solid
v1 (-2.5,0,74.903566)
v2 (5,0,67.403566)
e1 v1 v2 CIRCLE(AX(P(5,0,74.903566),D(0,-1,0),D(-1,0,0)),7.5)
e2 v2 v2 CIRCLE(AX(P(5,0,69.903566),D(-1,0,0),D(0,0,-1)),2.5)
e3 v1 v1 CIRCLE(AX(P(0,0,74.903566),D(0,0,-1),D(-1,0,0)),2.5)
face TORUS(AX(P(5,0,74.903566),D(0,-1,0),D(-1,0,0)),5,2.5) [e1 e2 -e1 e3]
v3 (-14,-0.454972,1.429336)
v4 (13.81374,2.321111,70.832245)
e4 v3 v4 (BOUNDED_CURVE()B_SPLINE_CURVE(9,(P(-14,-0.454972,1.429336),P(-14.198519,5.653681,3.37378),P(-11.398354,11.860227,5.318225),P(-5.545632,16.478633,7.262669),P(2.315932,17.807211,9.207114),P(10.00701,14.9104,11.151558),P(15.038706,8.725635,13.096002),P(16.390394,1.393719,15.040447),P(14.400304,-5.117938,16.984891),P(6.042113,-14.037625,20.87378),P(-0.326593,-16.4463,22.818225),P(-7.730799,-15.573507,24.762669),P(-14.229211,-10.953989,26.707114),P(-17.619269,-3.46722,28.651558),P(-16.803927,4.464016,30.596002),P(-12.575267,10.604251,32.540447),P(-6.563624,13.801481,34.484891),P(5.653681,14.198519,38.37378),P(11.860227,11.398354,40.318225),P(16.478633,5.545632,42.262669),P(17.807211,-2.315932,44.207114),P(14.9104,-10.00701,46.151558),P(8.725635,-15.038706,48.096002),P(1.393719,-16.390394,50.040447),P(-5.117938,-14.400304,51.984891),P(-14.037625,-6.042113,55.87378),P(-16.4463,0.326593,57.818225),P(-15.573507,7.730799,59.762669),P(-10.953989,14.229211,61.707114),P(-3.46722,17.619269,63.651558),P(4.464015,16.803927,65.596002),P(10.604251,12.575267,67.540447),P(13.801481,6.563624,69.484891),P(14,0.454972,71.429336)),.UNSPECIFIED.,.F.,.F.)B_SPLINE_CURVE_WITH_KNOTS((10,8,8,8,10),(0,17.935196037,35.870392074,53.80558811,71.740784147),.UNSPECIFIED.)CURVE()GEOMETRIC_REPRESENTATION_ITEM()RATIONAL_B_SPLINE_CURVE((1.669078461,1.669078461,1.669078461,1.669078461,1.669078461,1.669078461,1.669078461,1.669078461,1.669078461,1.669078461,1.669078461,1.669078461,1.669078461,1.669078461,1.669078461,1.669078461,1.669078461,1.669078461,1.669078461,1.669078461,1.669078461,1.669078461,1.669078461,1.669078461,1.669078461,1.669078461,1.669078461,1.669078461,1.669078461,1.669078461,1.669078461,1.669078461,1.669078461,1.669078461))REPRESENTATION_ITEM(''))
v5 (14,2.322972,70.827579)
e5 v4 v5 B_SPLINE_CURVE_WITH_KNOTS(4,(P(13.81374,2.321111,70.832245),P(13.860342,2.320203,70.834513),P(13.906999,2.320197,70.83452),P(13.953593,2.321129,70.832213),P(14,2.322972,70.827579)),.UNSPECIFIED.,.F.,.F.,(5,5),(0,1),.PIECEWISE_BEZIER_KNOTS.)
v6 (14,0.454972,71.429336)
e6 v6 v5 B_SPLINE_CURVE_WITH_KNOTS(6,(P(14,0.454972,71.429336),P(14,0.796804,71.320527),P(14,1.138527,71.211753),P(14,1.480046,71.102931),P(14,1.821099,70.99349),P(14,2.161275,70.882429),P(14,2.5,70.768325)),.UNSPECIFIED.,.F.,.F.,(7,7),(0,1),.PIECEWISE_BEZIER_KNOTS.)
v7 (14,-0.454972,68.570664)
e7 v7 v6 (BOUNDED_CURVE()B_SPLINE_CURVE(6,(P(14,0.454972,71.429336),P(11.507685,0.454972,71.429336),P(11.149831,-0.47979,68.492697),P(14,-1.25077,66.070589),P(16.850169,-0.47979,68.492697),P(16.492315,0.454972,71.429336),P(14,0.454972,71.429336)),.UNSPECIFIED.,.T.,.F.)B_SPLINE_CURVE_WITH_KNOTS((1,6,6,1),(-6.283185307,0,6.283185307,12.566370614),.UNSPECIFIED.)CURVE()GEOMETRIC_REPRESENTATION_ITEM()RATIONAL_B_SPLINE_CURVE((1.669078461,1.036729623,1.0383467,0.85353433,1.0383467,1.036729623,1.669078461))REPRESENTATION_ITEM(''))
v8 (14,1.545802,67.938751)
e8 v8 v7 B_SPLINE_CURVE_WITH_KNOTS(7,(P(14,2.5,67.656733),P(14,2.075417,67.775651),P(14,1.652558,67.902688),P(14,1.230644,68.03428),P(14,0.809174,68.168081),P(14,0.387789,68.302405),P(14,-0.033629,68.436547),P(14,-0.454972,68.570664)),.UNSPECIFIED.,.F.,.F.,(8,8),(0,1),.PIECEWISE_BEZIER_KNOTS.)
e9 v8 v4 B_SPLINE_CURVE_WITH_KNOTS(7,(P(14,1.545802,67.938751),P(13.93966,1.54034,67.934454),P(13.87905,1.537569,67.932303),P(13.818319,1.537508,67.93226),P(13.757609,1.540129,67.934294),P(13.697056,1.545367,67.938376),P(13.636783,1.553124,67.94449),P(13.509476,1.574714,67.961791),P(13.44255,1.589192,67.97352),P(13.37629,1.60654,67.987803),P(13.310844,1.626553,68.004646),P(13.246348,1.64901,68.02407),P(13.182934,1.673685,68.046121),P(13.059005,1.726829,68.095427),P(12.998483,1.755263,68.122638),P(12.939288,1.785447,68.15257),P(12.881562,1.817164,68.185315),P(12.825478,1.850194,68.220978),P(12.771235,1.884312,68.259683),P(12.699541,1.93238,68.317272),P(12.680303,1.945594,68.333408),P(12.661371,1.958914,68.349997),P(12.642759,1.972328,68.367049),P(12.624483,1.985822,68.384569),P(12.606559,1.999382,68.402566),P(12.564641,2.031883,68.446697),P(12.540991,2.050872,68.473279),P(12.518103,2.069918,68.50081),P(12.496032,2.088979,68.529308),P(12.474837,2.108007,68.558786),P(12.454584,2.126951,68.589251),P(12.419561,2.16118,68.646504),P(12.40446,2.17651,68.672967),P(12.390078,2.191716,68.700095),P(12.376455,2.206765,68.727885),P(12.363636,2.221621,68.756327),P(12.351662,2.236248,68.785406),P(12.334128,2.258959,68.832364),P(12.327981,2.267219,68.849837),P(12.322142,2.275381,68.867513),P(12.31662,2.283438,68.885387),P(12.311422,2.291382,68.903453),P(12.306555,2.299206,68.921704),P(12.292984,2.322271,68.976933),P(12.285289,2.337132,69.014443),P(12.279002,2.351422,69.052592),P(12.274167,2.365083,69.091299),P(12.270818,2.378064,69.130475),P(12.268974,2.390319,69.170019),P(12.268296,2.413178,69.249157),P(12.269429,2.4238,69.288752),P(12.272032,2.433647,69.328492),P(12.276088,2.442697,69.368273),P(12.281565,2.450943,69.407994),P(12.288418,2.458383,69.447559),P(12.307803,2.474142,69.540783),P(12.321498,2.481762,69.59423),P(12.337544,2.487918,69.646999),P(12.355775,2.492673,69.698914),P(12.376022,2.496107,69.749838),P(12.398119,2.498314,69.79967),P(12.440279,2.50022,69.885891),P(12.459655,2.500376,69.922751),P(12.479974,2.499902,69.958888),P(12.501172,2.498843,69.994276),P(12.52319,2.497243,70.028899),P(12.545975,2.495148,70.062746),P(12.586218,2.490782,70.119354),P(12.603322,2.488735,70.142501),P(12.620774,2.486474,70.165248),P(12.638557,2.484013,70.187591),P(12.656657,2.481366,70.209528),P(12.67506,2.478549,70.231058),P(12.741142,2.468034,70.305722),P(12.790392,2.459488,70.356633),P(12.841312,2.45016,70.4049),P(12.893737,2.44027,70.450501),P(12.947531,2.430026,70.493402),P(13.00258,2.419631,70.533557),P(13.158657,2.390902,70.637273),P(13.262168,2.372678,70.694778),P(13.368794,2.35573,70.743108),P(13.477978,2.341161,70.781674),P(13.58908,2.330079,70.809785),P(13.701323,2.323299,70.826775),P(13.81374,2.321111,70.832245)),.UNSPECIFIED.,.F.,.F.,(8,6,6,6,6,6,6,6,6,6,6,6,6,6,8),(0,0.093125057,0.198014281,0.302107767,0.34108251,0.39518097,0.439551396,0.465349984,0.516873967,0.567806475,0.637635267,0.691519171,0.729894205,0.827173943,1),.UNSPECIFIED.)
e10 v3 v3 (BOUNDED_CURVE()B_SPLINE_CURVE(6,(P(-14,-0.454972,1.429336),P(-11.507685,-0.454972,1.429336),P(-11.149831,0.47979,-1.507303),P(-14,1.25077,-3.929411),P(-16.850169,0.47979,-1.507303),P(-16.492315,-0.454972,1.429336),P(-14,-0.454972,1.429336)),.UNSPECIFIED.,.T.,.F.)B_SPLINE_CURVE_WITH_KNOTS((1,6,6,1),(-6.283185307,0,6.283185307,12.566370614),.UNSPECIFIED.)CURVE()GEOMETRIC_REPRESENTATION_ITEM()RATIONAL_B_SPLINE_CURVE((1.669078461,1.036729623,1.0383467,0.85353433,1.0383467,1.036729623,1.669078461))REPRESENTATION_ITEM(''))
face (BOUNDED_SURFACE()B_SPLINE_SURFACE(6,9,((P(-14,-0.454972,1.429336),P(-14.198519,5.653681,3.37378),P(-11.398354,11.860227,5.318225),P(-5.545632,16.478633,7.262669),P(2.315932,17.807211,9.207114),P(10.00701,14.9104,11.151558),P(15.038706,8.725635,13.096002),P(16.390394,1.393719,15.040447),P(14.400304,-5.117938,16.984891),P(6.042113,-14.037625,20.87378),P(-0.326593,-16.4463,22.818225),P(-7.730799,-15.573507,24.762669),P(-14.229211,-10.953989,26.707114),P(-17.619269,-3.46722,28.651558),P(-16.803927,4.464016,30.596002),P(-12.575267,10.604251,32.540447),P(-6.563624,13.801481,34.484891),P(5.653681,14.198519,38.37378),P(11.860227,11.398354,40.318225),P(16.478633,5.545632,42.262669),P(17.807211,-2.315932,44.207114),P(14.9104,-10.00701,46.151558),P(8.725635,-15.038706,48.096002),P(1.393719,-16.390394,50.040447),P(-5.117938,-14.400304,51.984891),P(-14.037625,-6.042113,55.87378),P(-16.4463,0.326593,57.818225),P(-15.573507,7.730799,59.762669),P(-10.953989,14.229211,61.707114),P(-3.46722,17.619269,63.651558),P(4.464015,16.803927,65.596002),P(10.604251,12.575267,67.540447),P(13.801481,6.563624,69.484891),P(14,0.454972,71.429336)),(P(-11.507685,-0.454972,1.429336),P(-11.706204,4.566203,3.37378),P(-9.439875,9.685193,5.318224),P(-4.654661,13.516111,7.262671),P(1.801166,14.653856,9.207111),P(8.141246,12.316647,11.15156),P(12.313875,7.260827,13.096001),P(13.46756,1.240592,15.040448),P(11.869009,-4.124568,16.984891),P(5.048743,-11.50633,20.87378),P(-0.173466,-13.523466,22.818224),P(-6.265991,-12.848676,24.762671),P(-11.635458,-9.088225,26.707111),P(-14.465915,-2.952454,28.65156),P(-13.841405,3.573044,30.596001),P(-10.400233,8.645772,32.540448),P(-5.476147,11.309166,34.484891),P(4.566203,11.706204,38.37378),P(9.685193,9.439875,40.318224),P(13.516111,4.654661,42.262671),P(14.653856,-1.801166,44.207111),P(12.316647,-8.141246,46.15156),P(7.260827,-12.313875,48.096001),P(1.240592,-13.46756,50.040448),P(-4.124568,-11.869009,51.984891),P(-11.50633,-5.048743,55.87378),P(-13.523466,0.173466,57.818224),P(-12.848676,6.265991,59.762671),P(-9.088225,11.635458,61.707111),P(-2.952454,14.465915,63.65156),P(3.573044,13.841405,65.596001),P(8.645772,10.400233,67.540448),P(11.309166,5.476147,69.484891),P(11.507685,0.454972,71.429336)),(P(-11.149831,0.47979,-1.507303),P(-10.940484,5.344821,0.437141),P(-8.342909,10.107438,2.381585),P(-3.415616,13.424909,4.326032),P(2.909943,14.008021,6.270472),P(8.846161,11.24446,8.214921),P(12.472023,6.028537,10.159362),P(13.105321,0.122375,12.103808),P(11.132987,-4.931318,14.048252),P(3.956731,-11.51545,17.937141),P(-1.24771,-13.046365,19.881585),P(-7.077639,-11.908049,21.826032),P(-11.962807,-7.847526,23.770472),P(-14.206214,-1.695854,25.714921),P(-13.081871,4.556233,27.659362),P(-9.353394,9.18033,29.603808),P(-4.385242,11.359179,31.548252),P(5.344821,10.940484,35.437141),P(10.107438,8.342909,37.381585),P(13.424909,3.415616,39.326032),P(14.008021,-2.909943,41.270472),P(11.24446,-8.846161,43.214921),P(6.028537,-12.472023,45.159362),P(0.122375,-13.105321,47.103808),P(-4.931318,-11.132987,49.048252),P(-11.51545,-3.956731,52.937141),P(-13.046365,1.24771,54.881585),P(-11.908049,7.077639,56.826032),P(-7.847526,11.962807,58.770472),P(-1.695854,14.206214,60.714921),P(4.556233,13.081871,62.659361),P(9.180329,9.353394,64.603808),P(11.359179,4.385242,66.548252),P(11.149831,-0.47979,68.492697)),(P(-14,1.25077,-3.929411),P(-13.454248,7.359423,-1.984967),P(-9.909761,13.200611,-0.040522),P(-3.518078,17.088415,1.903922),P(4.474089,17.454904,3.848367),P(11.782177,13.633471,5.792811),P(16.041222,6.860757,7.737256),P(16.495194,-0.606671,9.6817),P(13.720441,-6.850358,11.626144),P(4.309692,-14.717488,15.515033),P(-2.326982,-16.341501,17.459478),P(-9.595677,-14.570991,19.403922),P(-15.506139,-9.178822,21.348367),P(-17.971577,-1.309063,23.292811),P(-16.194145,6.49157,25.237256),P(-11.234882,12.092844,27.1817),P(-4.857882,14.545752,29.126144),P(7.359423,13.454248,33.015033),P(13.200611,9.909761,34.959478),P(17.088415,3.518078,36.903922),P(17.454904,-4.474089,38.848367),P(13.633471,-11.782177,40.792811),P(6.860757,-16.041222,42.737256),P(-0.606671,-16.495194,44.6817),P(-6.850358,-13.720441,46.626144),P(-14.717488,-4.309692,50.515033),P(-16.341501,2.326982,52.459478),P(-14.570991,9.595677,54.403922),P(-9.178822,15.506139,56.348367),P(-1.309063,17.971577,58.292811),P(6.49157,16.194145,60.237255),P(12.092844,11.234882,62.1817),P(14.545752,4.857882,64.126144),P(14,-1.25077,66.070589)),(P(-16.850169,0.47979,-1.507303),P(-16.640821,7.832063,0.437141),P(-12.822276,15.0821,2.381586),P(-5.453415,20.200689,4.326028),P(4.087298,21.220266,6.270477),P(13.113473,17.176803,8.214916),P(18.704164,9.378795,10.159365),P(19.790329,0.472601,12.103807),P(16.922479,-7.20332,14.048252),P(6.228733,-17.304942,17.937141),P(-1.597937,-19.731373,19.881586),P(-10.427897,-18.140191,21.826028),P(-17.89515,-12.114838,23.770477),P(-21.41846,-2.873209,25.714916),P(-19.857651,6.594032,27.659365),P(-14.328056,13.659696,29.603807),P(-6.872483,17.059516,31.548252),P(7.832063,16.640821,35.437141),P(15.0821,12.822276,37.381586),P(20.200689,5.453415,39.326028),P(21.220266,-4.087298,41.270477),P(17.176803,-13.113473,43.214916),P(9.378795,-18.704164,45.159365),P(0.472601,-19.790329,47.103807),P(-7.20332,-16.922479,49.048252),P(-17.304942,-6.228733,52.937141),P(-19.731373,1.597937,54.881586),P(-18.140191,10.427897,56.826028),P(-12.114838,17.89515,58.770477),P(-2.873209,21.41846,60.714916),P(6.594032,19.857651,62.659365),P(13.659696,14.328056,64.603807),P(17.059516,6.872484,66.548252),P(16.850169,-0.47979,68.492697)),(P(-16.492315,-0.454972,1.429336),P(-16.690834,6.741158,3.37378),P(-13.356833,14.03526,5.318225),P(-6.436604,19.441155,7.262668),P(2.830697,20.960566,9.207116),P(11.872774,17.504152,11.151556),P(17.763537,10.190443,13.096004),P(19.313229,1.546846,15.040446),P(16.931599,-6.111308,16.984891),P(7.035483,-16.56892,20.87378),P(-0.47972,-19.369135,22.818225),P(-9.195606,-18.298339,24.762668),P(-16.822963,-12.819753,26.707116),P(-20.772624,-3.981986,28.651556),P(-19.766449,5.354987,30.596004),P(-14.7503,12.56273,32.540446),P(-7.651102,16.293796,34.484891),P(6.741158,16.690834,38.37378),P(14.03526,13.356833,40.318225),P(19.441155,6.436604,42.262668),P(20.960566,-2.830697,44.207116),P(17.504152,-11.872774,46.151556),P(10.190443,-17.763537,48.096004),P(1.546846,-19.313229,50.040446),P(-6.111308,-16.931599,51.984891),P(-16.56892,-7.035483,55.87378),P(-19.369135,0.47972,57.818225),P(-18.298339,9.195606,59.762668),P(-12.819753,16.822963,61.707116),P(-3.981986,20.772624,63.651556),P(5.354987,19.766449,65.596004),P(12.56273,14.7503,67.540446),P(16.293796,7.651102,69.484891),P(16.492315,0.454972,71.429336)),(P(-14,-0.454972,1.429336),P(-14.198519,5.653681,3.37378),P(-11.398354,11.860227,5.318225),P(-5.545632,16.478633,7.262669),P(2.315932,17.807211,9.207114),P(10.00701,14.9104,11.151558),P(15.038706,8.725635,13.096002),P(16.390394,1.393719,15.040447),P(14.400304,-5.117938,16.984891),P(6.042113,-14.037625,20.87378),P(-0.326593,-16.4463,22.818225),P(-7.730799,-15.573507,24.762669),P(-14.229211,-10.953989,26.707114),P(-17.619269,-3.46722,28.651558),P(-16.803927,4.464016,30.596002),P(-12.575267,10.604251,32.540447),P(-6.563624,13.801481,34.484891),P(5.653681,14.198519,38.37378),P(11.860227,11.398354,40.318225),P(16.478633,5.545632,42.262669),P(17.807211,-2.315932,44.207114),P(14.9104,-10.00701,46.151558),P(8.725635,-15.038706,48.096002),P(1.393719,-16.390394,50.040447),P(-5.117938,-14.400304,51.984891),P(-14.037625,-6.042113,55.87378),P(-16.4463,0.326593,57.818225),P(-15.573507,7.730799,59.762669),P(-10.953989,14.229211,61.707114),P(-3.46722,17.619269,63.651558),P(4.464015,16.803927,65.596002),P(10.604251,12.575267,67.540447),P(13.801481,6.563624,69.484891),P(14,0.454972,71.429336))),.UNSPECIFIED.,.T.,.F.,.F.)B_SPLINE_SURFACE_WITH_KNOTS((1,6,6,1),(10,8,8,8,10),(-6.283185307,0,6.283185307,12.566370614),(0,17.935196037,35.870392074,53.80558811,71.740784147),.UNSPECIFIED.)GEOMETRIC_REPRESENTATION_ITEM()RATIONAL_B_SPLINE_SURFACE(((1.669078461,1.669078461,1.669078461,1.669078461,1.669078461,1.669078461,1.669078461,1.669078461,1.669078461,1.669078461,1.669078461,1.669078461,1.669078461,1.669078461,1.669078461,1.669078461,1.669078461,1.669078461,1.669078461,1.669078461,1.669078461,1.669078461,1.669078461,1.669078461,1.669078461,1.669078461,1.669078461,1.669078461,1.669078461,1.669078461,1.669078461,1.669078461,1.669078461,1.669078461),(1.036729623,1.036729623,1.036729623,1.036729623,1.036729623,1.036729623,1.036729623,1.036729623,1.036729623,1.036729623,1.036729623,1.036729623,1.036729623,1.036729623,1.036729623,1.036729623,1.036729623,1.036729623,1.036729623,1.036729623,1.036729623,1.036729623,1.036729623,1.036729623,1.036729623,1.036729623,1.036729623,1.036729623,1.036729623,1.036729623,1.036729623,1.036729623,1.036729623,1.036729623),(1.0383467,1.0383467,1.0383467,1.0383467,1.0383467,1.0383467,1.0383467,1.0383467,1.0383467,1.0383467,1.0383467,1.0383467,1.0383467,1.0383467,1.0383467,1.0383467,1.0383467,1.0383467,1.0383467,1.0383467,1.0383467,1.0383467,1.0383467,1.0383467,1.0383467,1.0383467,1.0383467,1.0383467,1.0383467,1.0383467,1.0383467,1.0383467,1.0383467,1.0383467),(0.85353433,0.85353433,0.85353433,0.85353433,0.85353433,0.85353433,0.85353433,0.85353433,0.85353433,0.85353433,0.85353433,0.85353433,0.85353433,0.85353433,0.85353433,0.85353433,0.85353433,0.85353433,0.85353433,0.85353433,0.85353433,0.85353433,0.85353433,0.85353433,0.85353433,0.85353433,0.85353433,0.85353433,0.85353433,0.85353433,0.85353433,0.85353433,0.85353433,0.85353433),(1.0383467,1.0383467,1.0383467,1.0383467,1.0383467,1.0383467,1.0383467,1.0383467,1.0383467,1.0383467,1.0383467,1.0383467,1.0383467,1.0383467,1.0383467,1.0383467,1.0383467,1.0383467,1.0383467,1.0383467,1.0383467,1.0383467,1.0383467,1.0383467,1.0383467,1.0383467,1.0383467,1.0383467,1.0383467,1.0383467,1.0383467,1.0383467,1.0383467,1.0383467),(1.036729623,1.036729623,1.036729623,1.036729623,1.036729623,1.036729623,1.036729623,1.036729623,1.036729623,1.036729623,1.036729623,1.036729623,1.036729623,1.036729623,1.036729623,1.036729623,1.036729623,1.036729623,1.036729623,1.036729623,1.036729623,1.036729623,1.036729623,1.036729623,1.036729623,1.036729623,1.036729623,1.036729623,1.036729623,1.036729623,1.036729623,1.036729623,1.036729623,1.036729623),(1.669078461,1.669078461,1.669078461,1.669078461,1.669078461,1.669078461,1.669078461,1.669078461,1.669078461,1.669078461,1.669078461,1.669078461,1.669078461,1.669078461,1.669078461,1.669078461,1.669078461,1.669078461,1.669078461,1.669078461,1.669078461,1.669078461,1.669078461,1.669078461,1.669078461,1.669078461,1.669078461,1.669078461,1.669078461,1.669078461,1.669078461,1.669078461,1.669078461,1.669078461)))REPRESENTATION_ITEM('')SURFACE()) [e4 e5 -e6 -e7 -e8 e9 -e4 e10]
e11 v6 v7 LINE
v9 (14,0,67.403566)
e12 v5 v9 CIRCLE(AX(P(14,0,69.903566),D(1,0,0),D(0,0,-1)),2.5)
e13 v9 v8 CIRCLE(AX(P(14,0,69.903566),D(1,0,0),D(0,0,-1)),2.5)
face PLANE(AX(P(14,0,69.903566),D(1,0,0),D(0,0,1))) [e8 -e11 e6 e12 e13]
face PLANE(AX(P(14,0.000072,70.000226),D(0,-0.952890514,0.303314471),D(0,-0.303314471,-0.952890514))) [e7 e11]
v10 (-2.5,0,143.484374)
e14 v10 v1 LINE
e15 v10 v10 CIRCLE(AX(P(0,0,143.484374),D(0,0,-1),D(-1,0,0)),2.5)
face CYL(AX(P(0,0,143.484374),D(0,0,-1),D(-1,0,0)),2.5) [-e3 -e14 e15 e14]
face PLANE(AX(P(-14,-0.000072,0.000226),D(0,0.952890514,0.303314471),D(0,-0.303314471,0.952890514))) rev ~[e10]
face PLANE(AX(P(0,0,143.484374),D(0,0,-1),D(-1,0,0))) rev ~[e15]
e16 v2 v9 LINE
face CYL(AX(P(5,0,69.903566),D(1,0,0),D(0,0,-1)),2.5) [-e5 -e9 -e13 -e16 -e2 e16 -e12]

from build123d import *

# Parameters (mm, degrees)
SWEEP2_PROFILE_R   = 2.5
SWEEP3_PITCH       = 28
SWEEP3_HEIGHT      = 70
SWEEP3_RADIUS      = 14
SWEEP3_START_ANGLE = -180
SWEEP3_PROFILE_R   = 1.5


with BuildPart() as part:
    # Sweep2: sweep along a path in Sketch4
    with BuildLine(Plane(origin=(0, 0, 0), x_dir=(1, 0, 0), z_dir=(0, 1, 0))) as sweep2_path:
        Line((0, -143.484374277), (0, -74.903565526))
        ThreePointArc((0, -74.903565526), (1.464466094, -71.36803162), (5, -69.903565526))
        Line((5, -69.903565526), (14, -69.903565526))
    # Sweep2 profile (on start of the path) → Sweep2 (sweep)
    with BuildSketch(Plane(origin=(0, 0, 143.484374277), x_dir=(-1, 0, 0), z_dir=(0, 0, -1))):
        Circle(SWEEP2_PROFILE_R)
    sweep(path=sweep2_path.line)

    # Sweep3: sweep along a helix
    with BuildLine() as sweep3_path:
        add(Helix(SWEEP3_PITCH, SWEEP3_HEIGHT, SWEEP3_RADIUS, center=(0, 0, 0), direction=(0, 0, 1), lefthand=True, mode=Mode.PRIVATE).rotate(Axis((0, 0, 0), (0, 0, 1)), SWEEP3_START_ANGLE))
    # Sweep3 profile (on start of the path) → Sweep3 (sweep)
    with BuildSketch(Plane(origin=(-14, 0, 0), x_dir=(0, -0.303314471, 0.952890514), z_dir=(0, 0.952890514, 0.303314471))):
        Circle(SWEEP3_PROFILE_R)
    sweep(path=sweep3_path.line, is_frenet=True)


solid = part.part
